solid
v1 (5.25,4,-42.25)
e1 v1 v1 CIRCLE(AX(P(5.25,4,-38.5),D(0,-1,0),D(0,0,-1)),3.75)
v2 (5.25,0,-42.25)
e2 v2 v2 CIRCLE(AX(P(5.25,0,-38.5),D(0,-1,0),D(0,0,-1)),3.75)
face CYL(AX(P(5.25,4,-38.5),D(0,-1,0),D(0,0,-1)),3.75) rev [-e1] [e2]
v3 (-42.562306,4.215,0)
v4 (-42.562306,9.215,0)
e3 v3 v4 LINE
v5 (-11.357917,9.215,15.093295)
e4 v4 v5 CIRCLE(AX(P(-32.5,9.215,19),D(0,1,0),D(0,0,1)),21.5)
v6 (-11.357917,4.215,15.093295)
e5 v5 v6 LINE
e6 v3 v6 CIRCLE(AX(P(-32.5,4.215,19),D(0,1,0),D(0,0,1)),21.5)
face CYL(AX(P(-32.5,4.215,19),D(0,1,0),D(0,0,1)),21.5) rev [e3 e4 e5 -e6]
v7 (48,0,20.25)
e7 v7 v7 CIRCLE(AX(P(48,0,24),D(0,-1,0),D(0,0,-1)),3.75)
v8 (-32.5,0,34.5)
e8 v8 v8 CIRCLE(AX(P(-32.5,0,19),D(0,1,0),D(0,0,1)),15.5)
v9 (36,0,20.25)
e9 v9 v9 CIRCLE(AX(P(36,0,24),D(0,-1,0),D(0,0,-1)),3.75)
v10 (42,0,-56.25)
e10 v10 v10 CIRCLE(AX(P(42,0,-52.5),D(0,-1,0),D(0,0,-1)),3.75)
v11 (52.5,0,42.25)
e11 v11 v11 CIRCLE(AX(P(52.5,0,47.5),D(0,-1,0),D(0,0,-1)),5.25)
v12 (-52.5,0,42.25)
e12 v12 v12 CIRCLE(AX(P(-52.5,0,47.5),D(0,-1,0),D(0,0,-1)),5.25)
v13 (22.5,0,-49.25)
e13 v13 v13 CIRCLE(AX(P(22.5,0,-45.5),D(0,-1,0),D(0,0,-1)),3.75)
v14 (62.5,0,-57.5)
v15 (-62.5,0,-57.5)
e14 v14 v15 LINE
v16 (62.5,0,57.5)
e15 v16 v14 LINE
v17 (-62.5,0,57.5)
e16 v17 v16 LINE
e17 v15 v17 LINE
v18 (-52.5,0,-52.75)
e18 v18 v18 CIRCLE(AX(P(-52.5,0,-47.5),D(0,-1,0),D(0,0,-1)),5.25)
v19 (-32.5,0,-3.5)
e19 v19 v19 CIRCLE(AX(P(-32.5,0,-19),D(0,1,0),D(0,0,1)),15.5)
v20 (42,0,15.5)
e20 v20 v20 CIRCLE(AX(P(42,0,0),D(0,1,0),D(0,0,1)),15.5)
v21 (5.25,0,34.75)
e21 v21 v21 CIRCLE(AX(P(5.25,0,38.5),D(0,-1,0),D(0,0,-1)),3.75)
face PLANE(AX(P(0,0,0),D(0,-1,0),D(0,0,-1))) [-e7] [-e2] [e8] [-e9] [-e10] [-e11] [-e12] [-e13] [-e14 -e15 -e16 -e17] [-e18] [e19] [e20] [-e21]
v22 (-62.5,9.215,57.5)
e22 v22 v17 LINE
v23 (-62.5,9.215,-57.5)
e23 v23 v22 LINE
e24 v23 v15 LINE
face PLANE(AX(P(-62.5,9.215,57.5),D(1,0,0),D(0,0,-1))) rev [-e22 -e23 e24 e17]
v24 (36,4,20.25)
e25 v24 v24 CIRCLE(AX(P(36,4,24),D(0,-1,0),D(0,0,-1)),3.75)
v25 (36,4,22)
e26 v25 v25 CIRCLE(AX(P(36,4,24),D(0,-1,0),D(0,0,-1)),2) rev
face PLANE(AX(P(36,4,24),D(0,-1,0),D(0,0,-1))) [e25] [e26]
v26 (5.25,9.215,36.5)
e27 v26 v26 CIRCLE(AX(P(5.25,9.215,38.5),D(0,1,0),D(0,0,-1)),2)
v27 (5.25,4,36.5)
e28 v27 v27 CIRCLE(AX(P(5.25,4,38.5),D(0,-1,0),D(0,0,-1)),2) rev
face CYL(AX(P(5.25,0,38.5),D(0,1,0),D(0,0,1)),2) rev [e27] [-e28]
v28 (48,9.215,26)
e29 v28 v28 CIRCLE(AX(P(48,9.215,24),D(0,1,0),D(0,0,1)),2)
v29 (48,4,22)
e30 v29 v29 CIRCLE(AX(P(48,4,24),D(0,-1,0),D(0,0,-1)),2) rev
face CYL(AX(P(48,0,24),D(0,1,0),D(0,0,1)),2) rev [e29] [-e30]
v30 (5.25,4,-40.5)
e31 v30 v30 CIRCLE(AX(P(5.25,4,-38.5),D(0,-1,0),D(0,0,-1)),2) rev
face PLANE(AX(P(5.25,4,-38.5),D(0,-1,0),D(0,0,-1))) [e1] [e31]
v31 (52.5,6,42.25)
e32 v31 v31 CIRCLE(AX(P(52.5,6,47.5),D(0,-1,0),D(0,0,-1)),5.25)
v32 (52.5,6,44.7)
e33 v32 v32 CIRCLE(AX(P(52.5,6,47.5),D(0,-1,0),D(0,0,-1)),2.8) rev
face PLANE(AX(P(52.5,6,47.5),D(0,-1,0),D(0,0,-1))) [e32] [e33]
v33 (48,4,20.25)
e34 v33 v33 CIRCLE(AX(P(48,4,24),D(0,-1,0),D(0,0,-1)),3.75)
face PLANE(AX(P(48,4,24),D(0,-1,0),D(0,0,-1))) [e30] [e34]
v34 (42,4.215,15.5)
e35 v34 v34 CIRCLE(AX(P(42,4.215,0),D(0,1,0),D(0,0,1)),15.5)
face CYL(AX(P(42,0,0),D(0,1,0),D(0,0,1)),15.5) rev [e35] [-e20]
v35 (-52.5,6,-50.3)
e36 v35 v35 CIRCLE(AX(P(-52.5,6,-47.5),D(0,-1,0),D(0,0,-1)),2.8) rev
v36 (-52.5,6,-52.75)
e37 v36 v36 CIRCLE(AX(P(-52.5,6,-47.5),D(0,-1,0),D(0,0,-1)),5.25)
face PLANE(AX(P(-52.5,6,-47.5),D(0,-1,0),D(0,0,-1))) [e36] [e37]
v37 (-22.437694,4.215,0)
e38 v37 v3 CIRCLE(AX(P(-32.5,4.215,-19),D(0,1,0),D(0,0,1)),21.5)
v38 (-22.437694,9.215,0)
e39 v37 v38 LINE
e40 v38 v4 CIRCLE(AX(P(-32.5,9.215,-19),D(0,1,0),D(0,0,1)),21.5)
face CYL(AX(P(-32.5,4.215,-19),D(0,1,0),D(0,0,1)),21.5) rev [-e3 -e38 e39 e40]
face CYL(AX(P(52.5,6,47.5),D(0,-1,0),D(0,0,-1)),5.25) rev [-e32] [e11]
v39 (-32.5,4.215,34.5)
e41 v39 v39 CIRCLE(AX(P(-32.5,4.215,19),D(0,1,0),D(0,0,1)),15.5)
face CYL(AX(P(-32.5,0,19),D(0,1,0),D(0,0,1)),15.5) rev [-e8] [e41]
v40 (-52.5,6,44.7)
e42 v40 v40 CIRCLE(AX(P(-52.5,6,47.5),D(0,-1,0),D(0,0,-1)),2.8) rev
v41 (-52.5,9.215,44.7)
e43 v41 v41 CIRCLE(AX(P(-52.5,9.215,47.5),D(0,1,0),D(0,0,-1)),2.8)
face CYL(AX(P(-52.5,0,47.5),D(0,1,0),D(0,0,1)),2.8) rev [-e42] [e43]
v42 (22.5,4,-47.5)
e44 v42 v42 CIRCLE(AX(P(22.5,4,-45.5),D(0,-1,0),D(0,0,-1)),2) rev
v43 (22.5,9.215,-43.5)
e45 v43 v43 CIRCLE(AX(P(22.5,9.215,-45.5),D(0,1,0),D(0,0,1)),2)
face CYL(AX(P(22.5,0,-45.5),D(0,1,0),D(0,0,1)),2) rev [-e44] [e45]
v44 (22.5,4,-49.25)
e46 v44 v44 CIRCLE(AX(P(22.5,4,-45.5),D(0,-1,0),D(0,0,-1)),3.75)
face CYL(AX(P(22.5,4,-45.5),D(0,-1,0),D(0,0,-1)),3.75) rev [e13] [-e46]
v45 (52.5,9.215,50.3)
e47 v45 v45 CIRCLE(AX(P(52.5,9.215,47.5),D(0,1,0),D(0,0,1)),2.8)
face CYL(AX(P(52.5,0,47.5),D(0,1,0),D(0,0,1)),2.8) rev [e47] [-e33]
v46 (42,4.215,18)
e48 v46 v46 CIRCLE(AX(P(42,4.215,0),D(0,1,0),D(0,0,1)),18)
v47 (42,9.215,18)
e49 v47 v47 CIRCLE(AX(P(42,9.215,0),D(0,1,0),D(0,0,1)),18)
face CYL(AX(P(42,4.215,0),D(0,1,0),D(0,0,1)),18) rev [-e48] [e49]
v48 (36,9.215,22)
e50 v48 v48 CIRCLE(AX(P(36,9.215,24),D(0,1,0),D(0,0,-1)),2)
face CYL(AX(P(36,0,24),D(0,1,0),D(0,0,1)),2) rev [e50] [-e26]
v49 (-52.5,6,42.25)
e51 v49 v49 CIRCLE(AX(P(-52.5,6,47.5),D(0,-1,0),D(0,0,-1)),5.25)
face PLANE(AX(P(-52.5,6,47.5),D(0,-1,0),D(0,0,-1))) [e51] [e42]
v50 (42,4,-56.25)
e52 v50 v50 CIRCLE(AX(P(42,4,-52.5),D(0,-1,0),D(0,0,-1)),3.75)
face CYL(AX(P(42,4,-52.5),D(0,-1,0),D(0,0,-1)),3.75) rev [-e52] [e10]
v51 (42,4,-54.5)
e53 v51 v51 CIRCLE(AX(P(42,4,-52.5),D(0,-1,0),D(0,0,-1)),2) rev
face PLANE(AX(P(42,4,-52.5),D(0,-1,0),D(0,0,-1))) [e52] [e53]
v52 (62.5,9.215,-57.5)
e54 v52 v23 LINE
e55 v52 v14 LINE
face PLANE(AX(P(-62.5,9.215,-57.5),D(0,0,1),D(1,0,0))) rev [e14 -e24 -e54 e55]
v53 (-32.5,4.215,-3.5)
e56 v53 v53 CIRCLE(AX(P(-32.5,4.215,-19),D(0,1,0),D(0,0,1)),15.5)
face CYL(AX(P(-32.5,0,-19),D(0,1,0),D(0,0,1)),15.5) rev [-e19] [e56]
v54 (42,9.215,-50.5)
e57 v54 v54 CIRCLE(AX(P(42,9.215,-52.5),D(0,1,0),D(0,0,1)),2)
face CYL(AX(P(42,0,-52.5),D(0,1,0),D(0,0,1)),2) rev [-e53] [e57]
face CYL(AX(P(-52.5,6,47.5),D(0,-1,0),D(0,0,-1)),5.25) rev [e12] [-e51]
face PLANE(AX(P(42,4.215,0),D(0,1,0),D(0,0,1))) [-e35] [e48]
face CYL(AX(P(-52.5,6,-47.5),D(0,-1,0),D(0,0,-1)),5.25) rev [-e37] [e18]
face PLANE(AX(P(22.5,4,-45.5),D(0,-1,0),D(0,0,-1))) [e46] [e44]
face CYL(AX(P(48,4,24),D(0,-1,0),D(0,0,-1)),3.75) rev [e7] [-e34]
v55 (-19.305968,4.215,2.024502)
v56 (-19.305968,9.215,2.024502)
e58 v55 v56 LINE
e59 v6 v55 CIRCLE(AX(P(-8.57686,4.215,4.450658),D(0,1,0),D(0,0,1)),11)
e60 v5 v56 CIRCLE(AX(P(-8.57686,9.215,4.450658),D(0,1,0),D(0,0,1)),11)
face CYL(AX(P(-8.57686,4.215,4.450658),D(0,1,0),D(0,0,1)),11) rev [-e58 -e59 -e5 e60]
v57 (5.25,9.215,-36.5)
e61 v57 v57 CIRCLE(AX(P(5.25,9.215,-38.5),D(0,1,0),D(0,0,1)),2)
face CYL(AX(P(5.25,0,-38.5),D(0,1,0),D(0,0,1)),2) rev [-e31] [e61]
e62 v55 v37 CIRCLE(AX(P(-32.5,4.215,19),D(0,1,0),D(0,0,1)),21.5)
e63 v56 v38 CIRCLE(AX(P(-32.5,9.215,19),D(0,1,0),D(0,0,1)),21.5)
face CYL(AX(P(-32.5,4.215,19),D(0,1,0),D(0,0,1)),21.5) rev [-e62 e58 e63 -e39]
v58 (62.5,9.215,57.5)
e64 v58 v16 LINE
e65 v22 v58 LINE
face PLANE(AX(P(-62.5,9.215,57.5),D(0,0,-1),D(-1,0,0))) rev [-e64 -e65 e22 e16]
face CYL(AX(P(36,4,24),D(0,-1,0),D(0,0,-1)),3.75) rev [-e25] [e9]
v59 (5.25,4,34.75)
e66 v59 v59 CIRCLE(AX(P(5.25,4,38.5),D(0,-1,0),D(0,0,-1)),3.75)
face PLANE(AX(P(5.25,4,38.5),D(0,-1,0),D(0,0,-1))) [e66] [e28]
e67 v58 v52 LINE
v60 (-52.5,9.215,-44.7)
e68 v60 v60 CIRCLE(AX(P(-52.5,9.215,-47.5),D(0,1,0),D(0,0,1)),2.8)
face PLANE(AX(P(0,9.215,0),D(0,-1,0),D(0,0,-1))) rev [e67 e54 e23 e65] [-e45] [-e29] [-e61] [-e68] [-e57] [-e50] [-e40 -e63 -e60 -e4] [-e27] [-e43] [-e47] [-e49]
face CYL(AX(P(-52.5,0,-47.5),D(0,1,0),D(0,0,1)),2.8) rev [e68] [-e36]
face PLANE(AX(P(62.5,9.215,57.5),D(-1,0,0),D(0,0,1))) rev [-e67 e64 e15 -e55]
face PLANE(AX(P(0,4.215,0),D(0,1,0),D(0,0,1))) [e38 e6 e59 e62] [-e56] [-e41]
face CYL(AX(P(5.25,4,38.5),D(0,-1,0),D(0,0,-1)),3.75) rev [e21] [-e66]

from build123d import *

# Parameters (mm, degrees)
SKETCH1_W                        = 125
SKETCH1_H                        = 115
TEST_BASE_POSTION_DEPTH          = 9.215
SKETCH8_R                        = 21.5
FINGER_GEARS_DEPTH               = 5
SKETCH9_R                        = 11
INTERMEDIATE_GEAR_DEPTH          = 5
SKETCH11_R                       = 18
XL320_FINGER_KNUCKLE_MOUNT_DEPTH = 5
SKETCH10_R                       = 15.5
CONNECT_FINGER_HOLES_DEPTH       = 86.424915715
THUMB_MOUNT_HOLES_R              = 2
THUMB_MOUNT_HOLES_M4_DEPTH       = 86.424915715
SKETCH16_R                       = 2
FINGERS_MOUNT_HOLES_M4_DEPTH     = 86.424915715
SKETCH17_R                       = 2.8
CONNECT_HOLES_M6_DEPTH           = 86.424915715
SKETCH18_R                       = 3.75
NUTS_M4_DEPTH                    = 4
SKETCH19_R                       = 5.25
CUT_EXTRUDE5_DEPTH               = 6


with BuildPart() as part:
    # Sketch1 → Test_Base_Postion (new body)
    with BuildSketch(Plane(origin=(0, 0, 0), x_dir=(1, 0, 0), z_dir=(0, 1, 0))):
        Rectangle(SKETCH1_W, SKETCH1_H)
    extrude(amount=TEST_BASE_POSTION_DEPTH)

    # Sketch8 → Finger_Gears (cut)
    with BuildSketch(Plane(origin=(0, 9.215, 0), x_dir=(1, 0, 0), z_dir=(0, 1, 0))):
        with Locations((-32.5, -19)):
            Circle(SKETCH8_R)
        with Locations((-32.5, 19)):
            Circle(SKETCH8_R)
    extrude(amount=-FINGER_GEARS_DEPTH, mode=Mode.SUBTRACT)

    # Sketch9 → Intermediate_Gear (cut)
    with BuildSketch(Plane(origin=(0, 9.215, 0), x_dir=(1, 0, 0), z_dir=(0, 1, 0))):
        with Locations((-8.576859648, -4.450657895)):
            Circle(SKETCH9_R)
    extrude(amount=-INTERMEDIATE_GEAR_DEPTH, mode=Mode.SUBTRACT)

    # Sketch11 → XL320_Finger_Knuckle_Mount (cut)
    with BuildSketch(Plane(origin=(0, 9.215, 0), x_dir=(1, 0, 0), z_dir=(0, 1, 0))):
        with Locations(Location((42, 0, 0), (0, 0, 270))):
            Circle(SKETCH11_R)
    extrude(amount=-XL320_FINGER_KNUCKLE_MOUNT_DEPTH, mode=Mode.SUBTRACT)

    # Sketch10 → Connect_Finger_Holes (cut, through all)
    with BuildSketch(Plane(origin=(0, 9.215, 0), x_dir=(1, 0, 0), z_dir=(0, 1, 0))):
        with Locations(Location((-32.5, 19, 0), (0, 0, 270))):
            Circle(SKETCH10_R)
        with Locations(Location((-32.5, -19, 0), (0, 0, 270))):
            Circle(SKETCH10_R)
        with Locations(Location((42, 0, 0), (0, 0, 270))):
            Circle(SKETCH10_R)
    extrude(amount=-CONNECT_FINGER_HOLES_DEPTH, mode=Mode.SUBTRACT)

    # Thumb_Mount_Holes → Thumb_Mount_Holes_(M4) (cut, through all)
    with BuildSketch(Plane(origin=(0, 9.215, 0), x_dir=(1, 0, 0), z_dir=(0, 1, 0))):
        with Locations(Location((22.5, 45.5, 0), (0, 0, 270))):
            Circle(THUMB_MOUNT_HOLES_R)
        with Locations(Location((42, 52.5, 0), (0, 0, 270))):
            Circle(THUMB_MOUNT_HOLES_R)
        with Locations(Location((48, -24, 0), (0, 0, 270))):
            Circle(THUMB_MOUNT_HOLES_R)
        with Locations(Location((36, -24, 0), (0, 0, 90))):
            Circle(THUMB_MOUNT_HOLES_R)
    extrude(amount=-THUMB_MOUNT_HOLES_M4_DEPTH, mode=Mode.SUBTRACT)

    # Sketch16 → Fingers_Mount_Holes_(M4) (cut, through all)
    with BuildSketch(Plane(origin=(0, 9.215, 0), x_dir=(1, 0, 0), z_dir=(0, 1, 0))):
        with Locations(Location((5.25, 38.5, 0), (0, 0, 270))):
            Circle(SKETCH16_R)
        with Locations(Location((5.25, -38.5, 0), (0, 0, 90))):
            Circle(SKETCH16_R)
    extrude(amount=-FINGERS_MOUNT_HOLES_M4_DEPTH, mode=Mode.SUBTRACT)

    # Sketch17 → Connect_Holes_(M6) (cut, through all)
    with BuildSketch(Plane(origin=(0, 9.215, 0), x_dir=(1, 0, 0), z_dir=(0, 1, 0))):
        with Locations(Location((-52.5, 47.5, 0), (0, 0, 270))):
            Circle(SKETCH17_R)
        with Locations(Location((-52.5, -47.5, 0), (0, 0, 90))):
            Circle(SKETCH17_R)
        with Locations(Location((52.5, -47.5, 0), (0, 0, 270))):
            Circle(SKETCH17_R)
    extrude(amount=-CONNECT_HOLES_M6_DEPTH, mode=Mode.SUBTRACT)

    # Sketch18 → Nuts_(M4) (cut)
    with BuildSketch(Plane.XZ):
        with Locations(Location((5.25, 38.5, 0), (0, 0, 270))):
            Circle(SKETCH18_R)
        with Locations(Location((5.25, -38.5, 0), (0, 0, 270))):
            Circle(SKETCH18_R)
        with Locations(Location((22.5, -45.5, 0), (0, 0, 270))):
            Circle(SKETCH18_R)
        with Locations(Location((42, -52.5, 0), (0, 0, 270))):
            Circle(SKETCH18_R)
        with Locations(Location((36, 24, 0), (0, 0, 270))):
            Circle(SKETCH18_R)
        with Locations(Location((48, 24, 0), (0, 0, 270))):
            Circle(SKETCH18_R)
    extrude(amount=-NUTS_M4_DEPTH, mode=Mode.SUBTRACT)

    # Sketch19 → Cut-Extrude5 (cut)
    with BuildSketch(Plane.XZ):
        with Locations(Location((-52.5, 47.5, 0), (0, 0, 270))):
            Circle(SKETCH19_R)
        with Locations(Location((52.5, 47.5, 0), (0, 0, 270))):
            Circle(SKETCH19_R)
        with Locations(Location((-52.5, -47.5, 0), (0, 0, 270))):
            Circle(SKETCH19_R)
    extrude(amount=-CUT_EXTRUDE5_DEPTH, mode=Mode.SUBTRACT)


solid = part.part
